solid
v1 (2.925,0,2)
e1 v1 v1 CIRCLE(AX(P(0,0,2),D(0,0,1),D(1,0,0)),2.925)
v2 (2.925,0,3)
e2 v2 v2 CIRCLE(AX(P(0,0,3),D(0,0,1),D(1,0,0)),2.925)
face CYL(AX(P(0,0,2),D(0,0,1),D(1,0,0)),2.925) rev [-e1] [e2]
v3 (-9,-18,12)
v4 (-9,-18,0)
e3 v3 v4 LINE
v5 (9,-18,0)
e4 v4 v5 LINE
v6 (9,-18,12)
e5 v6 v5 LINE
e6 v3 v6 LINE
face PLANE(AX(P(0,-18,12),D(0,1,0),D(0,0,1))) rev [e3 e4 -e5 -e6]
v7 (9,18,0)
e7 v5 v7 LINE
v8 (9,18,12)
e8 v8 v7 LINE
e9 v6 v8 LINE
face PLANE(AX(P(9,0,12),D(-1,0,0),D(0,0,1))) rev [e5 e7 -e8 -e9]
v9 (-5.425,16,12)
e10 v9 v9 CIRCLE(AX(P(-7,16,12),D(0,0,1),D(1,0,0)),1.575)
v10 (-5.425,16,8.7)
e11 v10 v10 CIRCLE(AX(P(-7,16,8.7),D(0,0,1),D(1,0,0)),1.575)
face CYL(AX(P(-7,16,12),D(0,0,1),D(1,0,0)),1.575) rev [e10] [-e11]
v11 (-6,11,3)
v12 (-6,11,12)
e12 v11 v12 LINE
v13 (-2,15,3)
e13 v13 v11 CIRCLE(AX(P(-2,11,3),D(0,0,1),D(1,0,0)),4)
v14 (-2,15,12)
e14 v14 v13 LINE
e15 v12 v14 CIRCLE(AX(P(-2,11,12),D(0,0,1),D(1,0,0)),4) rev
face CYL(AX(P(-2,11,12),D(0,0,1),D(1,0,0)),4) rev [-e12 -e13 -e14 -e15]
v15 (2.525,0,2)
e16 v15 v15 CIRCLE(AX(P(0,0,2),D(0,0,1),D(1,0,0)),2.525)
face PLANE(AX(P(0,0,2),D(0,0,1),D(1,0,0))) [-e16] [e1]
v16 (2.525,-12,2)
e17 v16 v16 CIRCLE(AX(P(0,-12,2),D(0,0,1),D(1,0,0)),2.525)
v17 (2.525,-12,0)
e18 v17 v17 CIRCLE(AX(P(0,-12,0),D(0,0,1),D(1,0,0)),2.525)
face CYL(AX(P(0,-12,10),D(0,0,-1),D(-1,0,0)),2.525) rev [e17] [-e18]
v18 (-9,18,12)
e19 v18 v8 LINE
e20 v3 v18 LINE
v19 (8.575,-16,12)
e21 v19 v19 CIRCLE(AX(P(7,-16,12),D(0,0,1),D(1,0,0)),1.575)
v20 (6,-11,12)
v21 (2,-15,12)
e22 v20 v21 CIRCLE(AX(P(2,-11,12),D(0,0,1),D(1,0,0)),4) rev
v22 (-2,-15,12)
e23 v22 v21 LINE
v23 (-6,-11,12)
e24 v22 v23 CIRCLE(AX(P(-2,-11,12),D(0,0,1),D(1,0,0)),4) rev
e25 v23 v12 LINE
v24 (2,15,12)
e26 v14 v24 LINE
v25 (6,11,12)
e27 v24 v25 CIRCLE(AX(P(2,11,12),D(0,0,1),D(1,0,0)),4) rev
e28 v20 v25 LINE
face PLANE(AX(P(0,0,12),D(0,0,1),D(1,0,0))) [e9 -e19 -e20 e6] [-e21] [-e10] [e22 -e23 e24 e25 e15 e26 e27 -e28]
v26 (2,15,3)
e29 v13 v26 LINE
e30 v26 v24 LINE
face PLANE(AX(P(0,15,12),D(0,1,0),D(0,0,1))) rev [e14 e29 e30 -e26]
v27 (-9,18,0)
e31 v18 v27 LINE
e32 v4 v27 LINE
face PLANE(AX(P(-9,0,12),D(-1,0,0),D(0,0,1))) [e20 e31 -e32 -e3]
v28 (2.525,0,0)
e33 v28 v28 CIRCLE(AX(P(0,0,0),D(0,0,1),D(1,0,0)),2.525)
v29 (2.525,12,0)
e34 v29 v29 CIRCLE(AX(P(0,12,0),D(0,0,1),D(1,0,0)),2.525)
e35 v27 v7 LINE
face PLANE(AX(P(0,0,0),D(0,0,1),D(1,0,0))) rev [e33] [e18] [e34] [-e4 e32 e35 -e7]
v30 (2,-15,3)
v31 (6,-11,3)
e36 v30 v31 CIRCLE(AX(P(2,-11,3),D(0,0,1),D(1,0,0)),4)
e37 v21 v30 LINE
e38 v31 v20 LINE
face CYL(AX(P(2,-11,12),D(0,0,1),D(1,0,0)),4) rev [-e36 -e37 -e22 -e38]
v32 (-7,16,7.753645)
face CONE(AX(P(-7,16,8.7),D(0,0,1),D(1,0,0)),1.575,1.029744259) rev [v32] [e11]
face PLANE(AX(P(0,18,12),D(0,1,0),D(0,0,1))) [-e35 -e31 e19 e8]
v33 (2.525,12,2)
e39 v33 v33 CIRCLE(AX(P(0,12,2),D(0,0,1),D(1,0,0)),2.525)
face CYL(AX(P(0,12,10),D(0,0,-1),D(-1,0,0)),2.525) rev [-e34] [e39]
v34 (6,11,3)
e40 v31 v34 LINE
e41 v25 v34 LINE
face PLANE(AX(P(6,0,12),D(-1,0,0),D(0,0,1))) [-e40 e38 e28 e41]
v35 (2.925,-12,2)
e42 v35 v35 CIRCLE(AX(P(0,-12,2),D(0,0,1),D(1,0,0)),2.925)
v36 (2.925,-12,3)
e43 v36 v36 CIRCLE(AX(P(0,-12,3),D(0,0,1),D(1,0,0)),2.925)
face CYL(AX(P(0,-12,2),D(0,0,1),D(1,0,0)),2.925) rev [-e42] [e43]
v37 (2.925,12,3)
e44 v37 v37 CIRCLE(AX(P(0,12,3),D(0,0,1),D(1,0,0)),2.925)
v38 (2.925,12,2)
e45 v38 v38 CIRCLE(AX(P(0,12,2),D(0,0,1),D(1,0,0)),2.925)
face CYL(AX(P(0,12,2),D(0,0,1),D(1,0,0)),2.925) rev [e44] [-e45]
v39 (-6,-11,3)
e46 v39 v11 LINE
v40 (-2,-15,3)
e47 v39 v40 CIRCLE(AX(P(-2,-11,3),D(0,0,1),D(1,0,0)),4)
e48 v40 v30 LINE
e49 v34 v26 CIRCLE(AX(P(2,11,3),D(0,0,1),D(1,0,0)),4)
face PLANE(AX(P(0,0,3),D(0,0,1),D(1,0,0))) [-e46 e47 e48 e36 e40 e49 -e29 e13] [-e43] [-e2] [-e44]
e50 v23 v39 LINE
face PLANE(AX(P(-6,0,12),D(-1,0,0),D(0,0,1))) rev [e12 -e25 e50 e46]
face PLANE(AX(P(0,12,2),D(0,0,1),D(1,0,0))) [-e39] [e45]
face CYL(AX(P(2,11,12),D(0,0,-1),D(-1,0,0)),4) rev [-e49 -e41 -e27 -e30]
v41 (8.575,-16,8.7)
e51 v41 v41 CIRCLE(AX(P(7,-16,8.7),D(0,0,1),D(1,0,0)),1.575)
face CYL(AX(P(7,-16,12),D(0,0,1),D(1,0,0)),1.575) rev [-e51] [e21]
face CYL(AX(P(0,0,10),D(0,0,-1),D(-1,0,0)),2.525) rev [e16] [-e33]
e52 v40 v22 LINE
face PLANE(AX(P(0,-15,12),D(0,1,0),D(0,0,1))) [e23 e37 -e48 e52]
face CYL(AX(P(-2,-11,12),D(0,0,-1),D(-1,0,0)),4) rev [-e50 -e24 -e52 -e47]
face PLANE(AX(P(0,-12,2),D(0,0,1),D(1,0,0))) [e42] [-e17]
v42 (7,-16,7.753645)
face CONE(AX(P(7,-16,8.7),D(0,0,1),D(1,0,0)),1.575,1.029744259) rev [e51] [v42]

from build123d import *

# Parameters (mm, degrees)
SKETCH1_W                        = 18
SKETCH1_H                        = 36
BOSS_EXTRUDE1_DEPTH              = 12
SHELL1_T                         = -3
SKETCH1_3_R                      = 2.525
CUT_EXTRUDE1_DEPTH               = 10
SKETCH2_R                        = 2.925
CUT_EXTRUDE2_DEPTH               = 1
FILLET1_R                        = 4
TAP_DRILL_FOR_M3_HELICOIL1_D     = 3.15
TAP_DRILL_FOR_M3_HELICOIL1_DEPTH = 3.3
TAP_DRILL_FOR_M3_HELICOIL1_TIP   = 0.946355475


with BuildPart() as part:
    # Sketch1 → Boss-Extrude1 (new body)
    with BuildSketch(Plane.XY):
        Rectangle(SKETCH1_W, SKETCH1_H)
    extrude(amount=BOSS_EXTRUDE1_DEPTH)

    # Shell1
    shell1_openings = [part.faces().sort_by_distance(p)[0] for p in [
        (0, 0, 12),
    ]]
    offset(amount=SHELL1_T, openings=shell1_openings, kind=Kind.INTERSECTION)

    # Sketch1<3> → Cut-Extrude1 (cut)
    with BuildSketch(Plane.XY):
        with Locations((0, 12)):
            Circle(SKETCH1_3_R)
        Circle(SKETCH1_3_R)
        with Locations((0, -12)):
            Circle(SKETCH1_3_R)
    extrude(amount=CUT_EXTRUDE1_DEPTH, mode=Mode.SUBTRACT)

    # Sketch2 → Cut-Extrude2 (cut)
    with BuildSketch(Plane.XY.offset(3)):
        with Locations((0, 12)):
            Circle(SKETCH2_R)
        Circle(SKETCH2_R)
        with Locations((0, -12)):
            Circle(SKETCH2_R)
    extrude(amount=-CUT_EXTRUDE2_DEPTH, mode=Mode.SUBTRACT)

    # Fillet1
    fillet1_edges = [part.edges().sort_by_distance(p)[0] for p in [
        (-6, 15, 7.5),
        (6, 15, 7.5),
        (-6, -15, 7.5),
        (6, -15, 7.5),
    ]]
    fillet(fillet1_edges, radius=FILLET1_R)

    # Tap Drill for M3 Helicoil1
    with Locations(Plane.XY.offset(12)):
        with Locations((7, -16), (-7, 16)):
            Hole(TAP_DRILL_FOR_M3_HELICOIL1_D / 2, depth=TAP_DRILL_FOR_M3_HELICOIL1_DEPTH)
            with Locations((0, 0, -(TAP_DRILL_FOR_M3_HELICOIL1_DEPTH + TAP_DRILL_FOR_M3_HELICOIL1_TIP / 2))):  # 118° drill point
                Cone(0, TAP_DRILL_FOR_M3_HELICOIL1_D / 2, TAP_DRILL_FOR_M3_HELICOIL1_TIP, mode=Mode.SUBTRACT)


solid = part.part
